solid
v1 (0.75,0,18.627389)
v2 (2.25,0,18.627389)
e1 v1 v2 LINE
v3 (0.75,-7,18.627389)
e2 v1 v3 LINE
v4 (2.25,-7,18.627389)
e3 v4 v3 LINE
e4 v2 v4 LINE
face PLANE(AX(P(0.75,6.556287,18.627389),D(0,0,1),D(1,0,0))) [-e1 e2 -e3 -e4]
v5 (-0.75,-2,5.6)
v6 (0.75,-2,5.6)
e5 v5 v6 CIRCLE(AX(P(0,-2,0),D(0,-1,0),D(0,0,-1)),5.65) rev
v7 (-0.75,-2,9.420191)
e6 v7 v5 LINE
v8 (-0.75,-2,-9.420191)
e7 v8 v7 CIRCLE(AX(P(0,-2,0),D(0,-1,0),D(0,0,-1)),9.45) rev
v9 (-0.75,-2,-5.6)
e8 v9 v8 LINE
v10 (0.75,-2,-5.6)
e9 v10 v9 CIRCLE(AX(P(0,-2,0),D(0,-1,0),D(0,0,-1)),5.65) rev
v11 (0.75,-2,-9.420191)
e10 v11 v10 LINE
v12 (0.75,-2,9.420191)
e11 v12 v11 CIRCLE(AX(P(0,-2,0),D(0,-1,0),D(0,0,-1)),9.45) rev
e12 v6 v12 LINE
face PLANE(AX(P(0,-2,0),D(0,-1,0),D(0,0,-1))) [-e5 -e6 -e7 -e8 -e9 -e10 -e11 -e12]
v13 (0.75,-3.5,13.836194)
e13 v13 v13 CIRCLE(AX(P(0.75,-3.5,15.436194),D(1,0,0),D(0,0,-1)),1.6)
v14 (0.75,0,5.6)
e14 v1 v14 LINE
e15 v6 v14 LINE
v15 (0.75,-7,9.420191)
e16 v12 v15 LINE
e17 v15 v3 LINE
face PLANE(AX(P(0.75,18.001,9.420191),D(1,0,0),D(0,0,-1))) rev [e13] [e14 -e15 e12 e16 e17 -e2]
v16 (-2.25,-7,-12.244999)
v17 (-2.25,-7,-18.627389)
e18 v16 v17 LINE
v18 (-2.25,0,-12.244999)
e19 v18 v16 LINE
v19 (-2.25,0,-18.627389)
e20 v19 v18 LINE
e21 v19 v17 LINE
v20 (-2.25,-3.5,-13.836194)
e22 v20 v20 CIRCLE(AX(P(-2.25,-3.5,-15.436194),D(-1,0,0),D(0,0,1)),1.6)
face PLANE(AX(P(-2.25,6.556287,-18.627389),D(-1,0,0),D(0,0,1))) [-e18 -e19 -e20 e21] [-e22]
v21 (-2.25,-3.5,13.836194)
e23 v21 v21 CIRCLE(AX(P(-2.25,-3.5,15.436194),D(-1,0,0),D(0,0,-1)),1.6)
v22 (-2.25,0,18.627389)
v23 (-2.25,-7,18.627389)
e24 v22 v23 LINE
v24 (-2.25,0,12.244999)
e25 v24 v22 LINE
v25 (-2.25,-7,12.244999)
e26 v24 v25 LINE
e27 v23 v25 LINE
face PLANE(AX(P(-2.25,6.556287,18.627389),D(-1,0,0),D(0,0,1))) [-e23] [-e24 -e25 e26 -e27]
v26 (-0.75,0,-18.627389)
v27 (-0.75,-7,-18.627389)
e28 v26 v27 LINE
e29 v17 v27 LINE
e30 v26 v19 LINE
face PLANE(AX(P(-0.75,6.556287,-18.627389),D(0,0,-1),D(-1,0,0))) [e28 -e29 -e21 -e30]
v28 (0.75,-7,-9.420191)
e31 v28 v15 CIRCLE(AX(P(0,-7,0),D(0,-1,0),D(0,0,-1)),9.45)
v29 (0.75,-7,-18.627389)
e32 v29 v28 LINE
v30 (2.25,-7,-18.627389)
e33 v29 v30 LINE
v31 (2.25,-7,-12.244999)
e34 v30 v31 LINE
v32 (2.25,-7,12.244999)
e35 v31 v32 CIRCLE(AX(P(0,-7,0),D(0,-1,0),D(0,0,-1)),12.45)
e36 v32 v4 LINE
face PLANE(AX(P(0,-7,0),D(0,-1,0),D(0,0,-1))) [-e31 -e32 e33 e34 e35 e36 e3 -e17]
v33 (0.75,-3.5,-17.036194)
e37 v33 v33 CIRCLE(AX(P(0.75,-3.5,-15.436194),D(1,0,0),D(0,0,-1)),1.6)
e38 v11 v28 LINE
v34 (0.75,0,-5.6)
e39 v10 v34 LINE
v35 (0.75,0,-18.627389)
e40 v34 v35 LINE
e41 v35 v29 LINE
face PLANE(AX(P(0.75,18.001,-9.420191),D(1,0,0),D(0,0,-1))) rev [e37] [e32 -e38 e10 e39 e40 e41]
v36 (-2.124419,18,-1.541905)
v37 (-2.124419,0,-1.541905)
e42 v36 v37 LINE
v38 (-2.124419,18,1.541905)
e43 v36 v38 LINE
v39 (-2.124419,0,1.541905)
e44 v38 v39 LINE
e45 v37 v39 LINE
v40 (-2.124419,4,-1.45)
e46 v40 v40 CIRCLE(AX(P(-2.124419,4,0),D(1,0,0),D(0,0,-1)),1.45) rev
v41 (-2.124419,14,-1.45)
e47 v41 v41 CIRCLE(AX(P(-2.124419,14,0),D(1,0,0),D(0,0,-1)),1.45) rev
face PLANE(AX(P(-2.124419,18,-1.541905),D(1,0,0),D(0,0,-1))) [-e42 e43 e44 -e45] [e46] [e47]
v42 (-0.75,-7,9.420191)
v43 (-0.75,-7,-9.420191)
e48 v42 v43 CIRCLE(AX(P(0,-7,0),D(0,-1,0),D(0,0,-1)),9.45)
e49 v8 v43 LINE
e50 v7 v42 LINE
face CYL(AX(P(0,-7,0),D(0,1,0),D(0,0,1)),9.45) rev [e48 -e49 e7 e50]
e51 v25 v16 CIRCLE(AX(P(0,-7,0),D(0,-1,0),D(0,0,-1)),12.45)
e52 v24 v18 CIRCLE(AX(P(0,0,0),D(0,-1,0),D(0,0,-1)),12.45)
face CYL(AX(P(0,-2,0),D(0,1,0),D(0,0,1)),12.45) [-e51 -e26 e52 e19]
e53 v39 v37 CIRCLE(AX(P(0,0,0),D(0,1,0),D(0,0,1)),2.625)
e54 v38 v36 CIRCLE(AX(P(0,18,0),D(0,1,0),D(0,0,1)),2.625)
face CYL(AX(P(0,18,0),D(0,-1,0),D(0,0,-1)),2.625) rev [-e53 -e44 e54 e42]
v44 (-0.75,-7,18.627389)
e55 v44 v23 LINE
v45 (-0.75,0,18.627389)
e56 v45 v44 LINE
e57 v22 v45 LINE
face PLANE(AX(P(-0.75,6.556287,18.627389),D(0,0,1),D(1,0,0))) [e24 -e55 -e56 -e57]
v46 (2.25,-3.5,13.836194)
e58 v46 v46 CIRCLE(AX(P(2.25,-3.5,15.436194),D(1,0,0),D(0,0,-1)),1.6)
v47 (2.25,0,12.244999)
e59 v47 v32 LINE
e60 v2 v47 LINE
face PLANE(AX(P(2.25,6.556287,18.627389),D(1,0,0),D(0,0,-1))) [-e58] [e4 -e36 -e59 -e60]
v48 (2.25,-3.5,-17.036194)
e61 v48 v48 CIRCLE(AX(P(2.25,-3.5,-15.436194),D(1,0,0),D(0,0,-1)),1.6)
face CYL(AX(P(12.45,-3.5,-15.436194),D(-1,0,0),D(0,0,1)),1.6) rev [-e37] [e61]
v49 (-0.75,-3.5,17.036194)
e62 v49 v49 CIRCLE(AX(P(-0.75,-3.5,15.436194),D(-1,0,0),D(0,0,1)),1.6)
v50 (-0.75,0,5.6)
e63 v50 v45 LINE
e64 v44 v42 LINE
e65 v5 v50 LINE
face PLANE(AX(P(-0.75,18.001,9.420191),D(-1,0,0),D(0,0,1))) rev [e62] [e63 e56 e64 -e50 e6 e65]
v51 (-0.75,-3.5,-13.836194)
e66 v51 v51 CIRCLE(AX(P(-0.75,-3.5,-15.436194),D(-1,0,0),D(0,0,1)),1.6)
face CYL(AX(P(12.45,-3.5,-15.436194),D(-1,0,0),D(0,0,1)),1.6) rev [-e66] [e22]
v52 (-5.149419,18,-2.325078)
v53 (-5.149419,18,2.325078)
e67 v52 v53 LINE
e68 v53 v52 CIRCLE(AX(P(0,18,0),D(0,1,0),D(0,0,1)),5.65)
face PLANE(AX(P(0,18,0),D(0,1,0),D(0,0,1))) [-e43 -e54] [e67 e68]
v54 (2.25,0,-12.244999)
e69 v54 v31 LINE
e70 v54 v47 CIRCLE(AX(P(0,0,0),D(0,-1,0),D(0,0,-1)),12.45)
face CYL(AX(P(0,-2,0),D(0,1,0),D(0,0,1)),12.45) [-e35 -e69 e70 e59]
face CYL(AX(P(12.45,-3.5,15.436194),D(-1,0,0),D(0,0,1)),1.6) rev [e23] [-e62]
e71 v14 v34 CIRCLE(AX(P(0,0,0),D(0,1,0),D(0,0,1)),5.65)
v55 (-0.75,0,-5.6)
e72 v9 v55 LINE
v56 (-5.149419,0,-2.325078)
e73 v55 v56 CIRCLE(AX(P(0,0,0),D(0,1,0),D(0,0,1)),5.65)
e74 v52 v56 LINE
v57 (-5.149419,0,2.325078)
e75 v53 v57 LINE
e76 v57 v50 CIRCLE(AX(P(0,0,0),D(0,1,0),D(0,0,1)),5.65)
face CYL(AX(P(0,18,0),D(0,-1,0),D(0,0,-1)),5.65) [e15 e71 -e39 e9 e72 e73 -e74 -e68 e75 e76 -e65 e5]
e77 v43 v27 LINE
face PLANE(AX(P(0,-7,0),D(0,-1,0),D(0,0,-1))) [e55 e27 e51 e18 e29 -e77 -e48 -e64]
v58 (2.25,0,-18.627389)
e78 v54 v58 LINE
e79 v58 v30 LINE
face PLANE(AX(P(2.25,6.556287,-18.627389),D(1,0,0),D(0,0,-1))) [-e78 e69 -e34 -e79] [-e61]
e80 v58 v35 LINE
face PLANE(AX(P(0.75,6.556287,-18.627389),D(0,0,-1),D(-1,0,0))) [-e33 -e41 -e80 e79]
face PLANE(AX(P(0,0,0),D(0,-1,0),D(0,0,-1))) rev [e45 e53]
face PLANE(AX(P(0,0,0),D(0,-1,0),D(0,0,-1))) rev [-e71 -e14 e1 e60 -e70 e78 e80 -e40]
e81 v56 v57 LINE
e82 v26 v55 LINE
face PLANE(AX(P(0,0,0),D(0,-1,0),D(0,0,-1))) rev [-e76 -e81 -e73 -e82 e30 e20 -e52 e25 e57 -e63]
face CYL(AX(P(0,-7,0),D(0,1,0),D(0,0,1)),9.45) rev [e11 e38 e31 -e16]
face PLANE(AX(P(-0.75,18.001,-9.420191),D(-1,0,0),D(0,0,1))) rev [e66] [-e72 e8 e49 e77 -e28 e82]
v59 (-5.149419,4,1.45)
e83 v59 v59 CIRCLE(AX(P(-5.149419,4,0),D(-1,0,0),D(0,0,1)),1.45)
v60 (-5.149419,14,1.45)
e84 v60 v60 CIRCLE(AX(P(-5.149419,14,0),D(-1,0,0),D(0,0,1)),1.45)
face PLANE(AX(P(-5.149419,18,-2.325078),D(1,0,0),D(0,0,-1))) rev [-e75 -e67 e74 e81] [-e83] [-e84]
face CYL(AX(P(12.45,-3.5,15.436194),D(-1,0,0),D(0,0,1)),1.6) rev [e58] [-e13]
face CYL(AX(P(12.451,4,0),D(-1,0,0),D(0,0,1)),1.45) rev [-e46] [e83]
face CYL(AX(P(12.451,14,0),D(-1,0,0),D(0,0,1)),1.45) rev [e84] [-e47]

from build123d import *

# Parameters (mm, degrees)
BOSS_EXTRUDE1_DEPTH = 18
SKETCH2_R           = 12.45
SKETCH2_R_2         = 9.45
BOSS_EXTRUDE2_DEPTH = 7
SKETCH3_R           = 12.45
BOSS_EXTRUDE3_DEPTH = 2
CUT_EXTRUDE1_REACH  = 30.085
SKETCH4_R           = 1.45
CUT_EXTRUDE3_REACH  = 32.578
BOSS_EXTRUDE5_START = -7
BOSS_EXTRUDE5_DEPTH = 7
SKETCH8_R           = 1.6
CUT_EXTRUDE4_DEPTH  = 30.783714089
CUT_EXTRUDE5_DEPTH  = 29.739904748


with BuildPart() as part:
    # Sketch1 → Boss-Extrude1 (new body)
    with BuildSketch(Plane(origin=(0, 0, 0), x_dir=(1, 0, 0), z_dir=(0, 1, 0))):
        with BuildLine():
            Line((-5.149418526, 2.325078245), (-5.149418526, -2.325078245))
            ThreePointArc((-5.149418526, -2.325078245), (5.65, 0), (-5.149418526, 2.325078245))
        make_face()
        with BuildLine():
            Line((-2.124418526, 1.541904967), (-2.124418526, -1.541904967))
            ThreePointArc((-2.124418526, -1.541904967), (2.625, 0), (-2.124418526, 1.541904967))
        make_face(mode=Mode.SUBTRACT)
    extrude(amount=BOSS_EXTRUDE1_DEPTH)



with BuildPart() as body_2:
    # Sketch2 → Boss-Extrude2 (new body)
    with BuildSketch(Plane.XZ):
        with Locations(Location((0, 0, 0), (0, 0, 270))):
            Circle(SKETCH2_R)
        with Locations(Location((0, 0, 0), (0, 0, 270))):
            Circle(SKETCH2_R_2, mode=Mode.SUBTRACT)
    extrude(amount=BOSS_EXTRUDE2_DEPTH)


with BuildPart() as part_1:
    add(part.part)

    add(body_2.part)  # Boss-Extrude3 merges body 2
    # Sketch3 → Boss-Extrude3 (add)
    with BuildSketch(Plane.XZ):
        with Locations(Location((0, 0, 0), (0, 0, 270))):
            Circle(SKETCH3_R)
    extrude(amount=BOSS_EXTRUDE3_DEPTH)

    # Sketch4 → Cut-Extrude1 (cut, up to next)
    with BuildSketch(Plane.ZY.offset(5.149418526), mode=Mode.PRIVATE) as cut_extrude1_sk1:
        with Locations((0, 14)):
            Circle(SKETCH4_R)
    cut_extrude1_tool1 = extrude(cut_extrude1_sk1.sketch, amount=-CUT_EXTRUDE1_REACH, mode=Mode.PRIVATE) & part_1.part
    # Sketch4 → Cut-Extrude1 (cut, up to next)
    with BuildSketch(Plane.ZY.offset(5.149418526), mode=Mode.PRIVATE) as cut_extrude1_sk2:
        with Locations((0, 4)):
            Circle(SKETCH4_R)
    cut_extrude1_tool2 = extrude(cut_extrude1_sk2.sketch, amount=-CUT_EXTRUDE1_REACH, mode=Mode.PRIVATE) & part_1.part
    add(cut_extrude1_tool1.solids().sort_by_distance((-5.149419, 14, 0))[0], mode=Mode.SUBTRACT)
    add(cut_extrude1_tool2.solids().sort_by_distance((-5.149419, 4, 0))[0], mode=Mode.SUBTRACT)

    # Sketch6 → Cut-Extrude3 (cut, up to next)
    with BuildSketch(Plane.XZ.offset(7), mode=Mode.PRIVATE) as cut_extrude3_sk1:
        with BuildLine():
            Line((0.75, 9.420191081), (0.75, 12.427389106))
            ThreePointArc((0.75, 12.427389106), (0, 12.45), (-0.75, 12.427389106))
            Line((-0.75, 12.427389106), (-0.75, 9.420191081))
            ThreePointArc((-0.75, 9.420191081), (0, 9.45), (0.75, 9.420191081))
        make_face()
    cut_extrude3_tool1 = extrude(cut_extrude3_sk1.sketch, amount=-CUT_EXTRUDE3_REACH, mode=Mode.PRIVATE) & part_1.part
    # Sketch6 → Cut-Extrude3 (cut, up to next)
    with BuildSketch(Plane.XZ.offset(7), mode=Mode.PRIVATE) as cut_extrude3_sk2:
        with BuildLine():
            Line((0.75, -9.420191081), (0.75, -12.427389106))
            ThreePointArc((0.75, -12.427389106), (0, -12.45), (-0.75, -12.427389106))
            Line((-0.75, -12.427389106), (-0.75, -9.420191081))
            ThreePointArc((-0.75, -9.420191081), (0, -9.45), (0.75, -9.420191081))
        make_face()
    cut_extrude3_tool2 = extrude(cut_extrude3_sk2.sketch, amount=-CUT_EXTRUDE3_REACH, mode=Mode.PRIVATE) & part_1.part
    add(cut_extrude3_tool1.solids().sort_by_distance((0, -7, 10.941262))[0], mode=Mode.SUBTRACT)
    add(cut_extrude3_tool2.solids().sort_by_distance((0, -7, -10.941262))[0], mode=Mode.SUBTRACT)

    # Sketch7 → Boss-Extrude5 (add)
    with BuildSketch(Plane.XZ.offset(7).offset(BOSS_EXTRUDE5_START)):
        with BuildLine():
            Line((-0.75, 12.427389106), (-0.75, 18.627389106))
            Line((-0.75, 18.627389106), (-2.25, 18.627389106))
            Line((-2.25, 18.627389106), (-2.25, 12.244998979))
            ThreePointArc((-2.25, 12.244998979), (-1.502769623, 12.35897178), (-0.75, 12.427389106))
        make_face()
        with BuildLine():
            Line((2.25, 18.627389106), (2.25, 12.244998979))
            ThreePointArc((2.25, 12.244998979), (1.502769623, 12.35897178), (0.75, 12.427389106))
            Line((0.75, 12.427389106), (0.75, 18.627389106))
            Line((0.75, 18.627389106), (2.25, 18.627389106))
        make_face()
        with BuildLine():
            Line((0.75, -12.427389106), (0.75, -18.627389106))
            Line((0.75, -18.627389106), (2.25, -18.627389106))
            Line((2.25, -18.627389106), (2.25, -12.244998979))
            ThreePointArc((2.25, -12.244998979), (1.502769623, -12.35897178), (0.75, -12.427389106))
        make_face()
        with BuildLine():
            Line((-2.25, -18.627389106), (-2.25, -12.244998979))
            ThreePointArc((-2.25, -12.244998979), (-1.502769623, -12.35897178), (-0.75, -12.427389106))
            Line((-0.75, -12.427389106), (-0.75, -18.627389106))
            Line((-0.75, -18.627389106), (-2.25, -18.627389106))
        make_face()
    extrude(amount=BOSS_EXTRUDE5_DEPTH)

    # Sketch8 → Cut-Extrude4 (cut, through all)
    with BuildSketch(Plane.ZY.offset(2.25)):
        with Locations(Location((-15.436194043, -3.5, 0), (0, 0, 180))):
            Circle(SKETCH8_R)
        with Locations(Location((15.436194043, -3.5, 0), (0, 0, 180))):
            Circle(SKETCH8_R)
    extrude(amount=-CUT_EXTRUDE4_DEPTH, mode=Mode.SUBTRACT)

    # Sketch9 → Cut-Extrude5 (cut, through all)
    with BuildSketch(Plane(origin=(0, 0, 0), x_dir=(1, 0, 0), z_dir=(0, 1, 0))):
        with BuildLine():
            Line((-0.75, -9.420191081), (-0.75, -5.6))
            ThreePointArc((-0.75, -5.6), (0, -5.65), (0.75, -5.6))
            Line((0.75, -5.6), (0.75, -9.420191081))
            ThreePointArc((0.75, -9.420191081), (0, -9.45), (-0.75, -9.420191081))
        make_face()
        with BuildLine():
            Line((-0.75, 5.6), (-0.75, 9.420191081))
            ThreePointArc((-0.75, 9.420191081), (0, 9.45), (0.75, 9.420191081))
            Line((0.75, 9.420191081), (0.75, 5.6))
            ThreePointArc((0.75, 5.6), (0, 5.65), (-0.75, 5.6))
        make_face()
    extrude(amount=-CUT_EXTRUDE5_DEPTH, mode=Mode.SUBTRACT)


solid = part_1.part
